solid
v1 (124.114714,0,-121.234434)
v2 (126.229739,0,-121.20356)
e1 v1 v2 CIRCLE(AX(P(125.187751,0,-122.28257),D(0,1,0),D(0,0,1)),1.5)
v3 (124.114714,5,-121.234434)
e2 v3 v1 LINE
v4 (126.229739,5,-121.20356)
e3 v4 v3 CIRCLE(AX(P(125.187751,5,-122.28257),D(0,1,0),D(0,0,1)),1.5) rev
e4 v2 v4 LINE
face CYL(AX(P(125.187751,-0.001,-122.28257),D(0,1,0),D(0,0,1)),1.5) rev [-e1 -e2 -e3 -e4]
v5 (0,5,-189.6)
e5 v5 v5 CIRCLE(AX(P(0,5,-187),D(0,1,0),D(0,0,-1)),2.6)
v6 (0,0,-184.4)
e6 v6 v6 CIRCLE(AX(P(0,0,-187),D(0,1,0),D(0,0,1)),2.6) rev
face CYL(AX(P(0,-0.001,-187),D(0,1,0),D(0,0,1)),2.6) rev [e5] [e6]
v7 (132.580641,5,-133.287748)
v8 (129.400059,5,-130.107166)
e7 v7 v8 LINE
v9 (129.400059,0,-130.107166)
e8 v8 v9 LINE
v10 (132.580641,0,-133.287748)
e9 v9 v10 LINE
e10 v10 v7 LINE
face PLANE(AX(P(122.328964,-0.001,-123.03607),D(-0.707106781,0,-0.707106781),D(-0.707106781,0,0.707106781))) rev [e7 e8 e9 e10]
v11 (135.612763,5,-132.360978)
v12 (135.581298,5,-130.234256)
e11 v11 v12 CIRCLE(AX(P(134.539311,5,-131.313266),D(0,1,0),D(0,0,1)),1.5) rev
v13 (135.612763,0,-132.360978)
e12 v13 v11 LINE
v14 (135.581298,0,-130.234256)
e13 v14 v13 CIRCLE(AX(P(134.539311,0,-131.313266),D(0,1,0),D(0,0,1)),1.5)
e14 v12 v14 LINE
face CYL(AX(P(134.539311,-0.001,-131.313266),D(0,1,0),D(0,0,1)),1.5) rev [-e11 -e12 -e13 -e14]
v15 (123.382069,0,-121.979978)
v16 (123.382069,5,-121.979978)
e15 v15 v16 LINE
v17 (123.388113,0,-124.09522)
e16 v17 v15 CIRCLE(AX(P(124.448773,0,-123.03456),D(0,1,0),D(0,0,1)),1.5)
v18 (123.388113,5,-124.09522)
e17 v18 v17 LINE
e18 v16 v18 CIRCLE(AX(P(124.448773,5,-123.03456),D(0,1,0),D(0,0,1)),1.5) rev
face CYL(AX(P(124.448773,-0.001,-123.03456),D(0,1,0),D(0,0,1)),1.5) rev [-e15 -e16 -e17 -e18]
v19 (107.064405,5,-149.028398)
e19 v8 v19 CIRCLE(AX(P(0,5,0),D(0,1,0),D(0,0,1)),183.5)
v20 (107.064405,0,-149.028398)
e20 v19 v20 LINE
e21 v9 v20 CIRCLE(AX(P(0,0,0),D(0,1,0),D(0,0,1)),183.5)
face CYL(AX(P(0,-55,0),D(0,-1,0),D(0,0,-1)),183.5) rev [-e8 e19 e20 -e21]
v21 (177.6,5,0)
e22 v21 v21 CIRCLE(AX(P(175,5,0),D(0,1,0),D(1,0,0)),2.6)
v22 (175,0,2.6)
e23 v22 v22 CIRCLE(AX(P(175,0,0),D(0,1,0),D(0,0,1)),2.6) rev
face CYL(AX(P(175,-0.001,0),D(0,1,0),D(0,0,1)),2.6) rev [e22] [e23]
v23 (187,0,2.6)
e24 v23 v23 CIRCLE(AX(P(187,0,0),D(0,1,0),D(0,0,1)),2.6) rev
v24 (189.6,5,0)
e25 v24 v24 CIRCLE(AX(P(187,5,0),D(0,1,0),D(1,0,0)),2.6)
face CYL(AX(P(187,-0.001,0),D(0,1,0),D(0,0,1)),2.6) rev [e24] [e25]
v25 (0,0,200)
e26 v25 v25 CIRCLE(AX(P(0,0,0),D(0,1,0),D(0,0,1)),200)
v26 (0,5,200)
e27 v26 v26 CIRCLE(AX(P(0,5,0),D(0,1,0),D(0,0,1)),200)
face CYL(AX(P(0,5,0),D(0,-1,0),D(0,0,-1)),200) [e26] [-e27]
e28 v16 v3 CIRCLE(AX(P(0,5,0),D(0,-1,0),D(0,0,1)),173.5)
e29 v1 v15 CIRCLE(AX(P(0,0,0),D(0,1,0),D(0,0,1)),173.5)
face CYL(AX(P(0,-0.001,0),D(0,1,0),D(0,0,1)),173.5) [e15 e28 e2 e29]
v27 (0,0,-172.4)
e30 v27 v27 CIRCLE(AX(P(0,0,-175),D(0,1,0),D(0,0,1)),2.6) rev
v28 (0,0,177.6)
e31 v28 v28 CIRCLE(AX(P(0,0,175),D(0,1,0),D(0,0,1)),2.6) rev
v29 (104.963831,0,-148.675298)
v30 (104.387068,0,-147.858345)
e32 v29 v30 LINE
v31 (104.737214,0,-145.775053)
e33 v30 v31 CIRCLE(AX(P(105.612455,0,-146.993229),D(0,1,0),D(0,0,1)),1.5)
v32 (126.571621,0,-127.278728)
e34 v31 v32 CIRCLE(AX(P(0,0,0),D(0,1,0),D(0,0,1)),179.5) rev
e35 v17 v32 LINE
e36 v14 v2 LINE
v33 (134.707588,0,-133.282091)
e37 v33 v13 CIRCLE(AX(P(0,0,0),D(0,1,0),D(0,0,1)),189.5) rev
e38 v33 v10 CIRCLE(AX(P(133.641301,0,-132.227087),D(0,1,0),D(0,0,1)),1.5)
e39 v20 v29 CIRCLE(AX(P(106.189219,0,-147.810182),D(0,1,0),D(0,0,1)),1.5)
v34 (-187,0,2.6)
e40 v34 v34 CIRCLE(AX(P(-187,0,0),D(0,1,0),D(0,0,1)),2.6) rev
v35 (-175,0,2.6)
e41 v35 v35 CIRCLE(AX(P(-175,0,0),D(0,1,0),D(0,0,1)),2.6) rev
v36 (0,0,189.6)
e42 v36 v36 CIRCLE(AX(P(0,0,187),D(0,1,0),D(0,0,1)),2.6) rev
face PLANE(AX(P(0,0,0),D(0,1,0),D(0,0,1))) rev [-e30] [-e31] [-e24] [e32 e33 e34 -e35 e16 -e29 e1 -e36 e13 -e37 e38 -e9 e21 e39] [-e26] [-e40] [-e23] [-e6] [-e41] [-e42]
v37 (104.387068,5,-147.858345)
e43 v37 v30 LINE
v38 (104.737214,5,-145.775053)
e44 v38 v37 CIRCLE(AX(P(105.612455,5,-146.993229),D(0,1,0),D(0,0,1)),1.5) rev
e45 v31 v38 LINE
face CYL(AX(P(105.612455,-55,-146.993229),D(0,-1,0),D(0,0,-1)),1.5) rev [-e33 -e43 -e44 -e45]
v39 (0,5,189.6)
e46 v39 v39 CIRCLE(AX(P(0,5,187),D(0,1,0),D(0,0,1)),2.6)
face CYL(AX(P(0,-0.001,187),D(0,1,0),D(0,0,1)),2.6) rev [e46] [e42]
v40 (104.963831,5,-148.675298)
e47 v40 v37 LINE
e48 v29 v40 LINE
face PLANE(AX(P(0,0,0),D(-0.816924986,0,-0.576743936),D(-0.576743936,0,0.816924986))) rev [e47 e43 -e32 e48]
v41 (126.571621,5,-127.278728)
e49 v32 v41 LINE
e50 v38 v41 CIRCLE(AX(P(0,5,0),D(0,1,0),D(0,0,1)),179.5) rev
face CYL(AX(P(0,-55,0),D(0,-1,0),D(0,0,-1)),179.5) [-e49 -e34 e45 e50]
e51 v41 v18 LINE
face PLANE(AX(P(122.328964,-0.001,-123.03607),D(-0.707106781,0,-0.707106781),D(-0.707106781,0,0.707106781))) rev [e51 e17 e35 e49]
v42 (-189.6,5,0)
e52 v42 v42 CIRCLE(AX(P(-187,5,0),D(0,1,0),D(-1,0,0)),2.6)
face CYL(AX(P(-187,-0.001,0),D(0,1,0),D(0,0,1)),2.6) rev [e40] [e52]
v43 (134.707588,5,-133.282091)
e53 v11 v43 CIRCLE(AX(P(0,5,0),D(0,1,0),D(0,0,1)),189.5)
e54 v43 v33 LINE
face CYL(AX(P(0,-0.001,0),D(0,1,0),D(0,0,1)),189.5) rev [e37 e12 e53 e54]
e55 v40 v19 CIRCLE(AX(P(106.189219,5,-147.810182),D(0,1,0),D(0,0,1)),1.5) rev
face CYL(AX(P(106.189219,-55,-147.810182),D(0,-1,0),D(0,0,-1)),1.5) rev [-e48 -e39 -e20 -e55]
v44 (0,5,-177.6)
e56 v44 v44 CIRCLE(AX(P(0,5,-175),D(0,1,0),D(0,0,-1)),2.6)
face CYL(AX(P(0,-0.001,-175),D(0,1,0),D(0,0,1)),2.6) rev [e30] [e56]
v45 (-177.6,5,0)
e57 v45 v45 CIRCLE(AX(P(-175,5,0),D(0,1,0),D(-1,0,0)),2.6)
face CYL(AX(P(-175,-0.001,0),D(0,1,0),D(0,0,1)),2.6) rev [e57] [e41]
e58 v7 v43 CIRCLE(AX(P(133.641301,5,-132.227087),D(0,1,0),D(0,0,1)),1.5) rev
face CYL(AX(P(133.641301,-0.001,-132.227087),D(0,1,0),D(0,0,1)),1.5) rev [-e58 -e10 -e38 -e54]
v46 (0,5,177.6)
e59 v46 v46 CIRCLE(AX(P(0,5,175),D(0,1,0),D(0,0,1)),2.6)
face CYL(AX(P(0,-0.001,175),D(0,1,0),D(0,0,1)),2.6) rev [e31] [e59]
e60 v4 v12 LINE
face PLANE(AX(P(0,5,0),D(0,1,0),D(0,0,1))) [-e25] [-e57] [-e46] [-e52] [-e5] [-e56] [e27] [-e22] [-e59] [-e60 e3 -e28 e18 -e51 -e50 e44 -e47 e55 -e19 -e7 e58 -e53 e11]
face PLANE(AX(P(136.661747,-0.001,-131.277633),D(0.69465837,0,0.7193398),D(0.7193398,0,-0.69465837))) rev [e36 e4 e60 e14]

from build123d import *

# Parameters (mm, degrees)
SKETCH_1_R                    = 200
EXTRUDE_251_DEPTH             = 5
CUT_EXTRUDE_3_REACH           = 284.887
SKETCH_2_R                    = 2.6
PATTERN_CIRCULAR_1_COUNT      = 4
SKETCH_4_W                    = 4
SKETCH_4_H                    = 11.5
CUT_REVOLVE_3_ANGLE           = 9.5
CUT_REVOLVE_3_OTHER_WAY_ANGLE = 0.5
FILLET_2_R                    = 1.5
CUT_EXTRUDE_1690_REACH        = 284.887
FILLET_1_R                    = 1.5


with BuildPart() as part:
    # 草图1 → Extrude 251 (new body)
    with BuildSketch(Plane(origin=(0, 0, 0), x_dir=(1, 0, 0), z_dir=(0, 1, 0))):
        Circle(SKETCH_1_R)
    extrude(amount=EXTRUDE_251_DEPTH)

    # 草图2 → 切除-拉伸3 (cut, up to next)
    with BuildSketch(Plane(origin=(0, 5, 0), x_dir=(1, 0, 0), z_dir=(0, 1, 0)), mode=Mode.PRIVATE) as cut_extrude_3_sk1:
        with Locations((0, -175)):
            Circle(SKETCH_2_R)
    cut_extrude_3_tool1 = extrude(cut_extrude_3_sk1.sketch, amount=-CUT_EXTRUDE_3_REACH, mode=Mode.PRIVATE) & part.part
    # 草图2 → 切除-拉伸3 (cut, up to next)
    with BuildSketch(Plane(origin=(0, 5, 0), x_dir=(1, 0, 0), z_dir=(0, 1, 0)), mode=Mode.PRIVATE) as cut_extrude_3_sk2:
        with Locations((0, -187)):
            Circle(SKETCH_2_R)
    cut_extrude_3_tool2 = extrude(cut_extrude_3_sk2.sketch, amount=-CUT_EXTRUDE_3_REACH, mode=Mode.PRIVATE) & part.part
    cut_extrude_3_1 = cut_extrude_3_tool1.solids().sort_by_distance((0, 5, 175))[0]
    add(cut_extrude_3_1, mode=Mode.SUBTRACT)
    cut_extrude_3_2 = cut_extrude_3_tool2.solids().sort_by_distance((0, 5, 187))[0]
    add(cut_extrude_3_2, mode=Mode.SUBTRACT)
    cut_extrude_3 = cut_extrude_3_1 + cut_extrude_3_2  # 切除-拉伸3 as one shape, for the pattern or mirror that repeats it

    # 阵列(圆周)1: 切除-拉伸3 ×4 about axis
    pattern_circular_1_axis = Axis((0, -55, 0), (0, 1, 0))
    for i in range(1, PATTERN_CIRCULAR_1_COUNT):
        add(cut_extrude_3.rotate(pattern_circular_1_axis, i * 360 / PATTERN_CIRCULAR_1_COUNT), mode=Mode.SUBTRACT)

    # 草图4 → 切除-旋转3 (revolve, cut)
    with BuildSketch(Plane(origin=(0, 0, 0), x_dir=(0.7036657529829018, 0, -0.710531145045033), z_dir=(0.710531145045033, 0, 0.7036657529829018))):
        with Locations((181.5, 5.25)):
            Rectangle(SKETCH_4_W, SKETCH_4_H)
    revolve(axis=Axis((0, -55, 0), (0, 1, 0)), revolution_arc=CUT_REVOLVE_3_ANGLE, mode=Mode.SUBTRACT)

    # 草图4 → 切除-旋转3 other way (revolve, cut)
    with BuildSketch(Plane(origin=(0, 0, 0), x_dir=(0.7036657529829018, 0, -0.710531145045033), z_dir=(0.710531145045033, 0, 0.7036657529829018))):
        with Locations((181.5, 5.25)):
            Rectangle(SKETCH_4_W, SKETCH_4_H)
    revolve(axis=Axis((0, -55, 0), (0, -1, 0)), revolution_arc=CUT_REVOLVE_3_OTHER_WAY_ANGLE, mode=Mode.SUBTRACT)

    # 圆角2
    fillet_2_edges = [part.edges().sort_by_distance(p)[0] for p in [
        (103.525536527, 2.5, -146.638034926),
        (105.832512271, 2.5, -149.905734868),
    ]]
    fillet(fillet_2_edges, radius=FILLET_2_R)

    # 草图6 → Cut-Extrude 1690 (cut, up to next)
    with BuildSketch(Plane(origin=(0, 5, 0), x_dir=(1, 0, 0), z_dir=(0, 1, 0)), mode=Mode.PRIVATE) as cut_extrude_1690_sk1:
        with BuildLine():
            Line((122.328963701, 123.036070482), (133.642715214, 134.349821995))
            ThreePointArc((133.642715214, 134.349821995), (135.160960115, 132.822305585), (136.66174685, 131.277633083))
            Line((136.66174685, 131.277633083), (125.152266287, 120.163056899))
            ThreePointArc((125.152266287, 120.163056899), (123.748952928, 121.607757356), (122.328963701, 123.036070482))
        make_face()
    cut_extrude_1690_tool1 = extrude(cut_extrude_1690_sk1.sketch, amount=-CUT_EXTRUDE_1690_REACH, mode=Mode.PRIVATE) & part.part
    add(cut_extrude_1690_tool1.solids().sort_by_distance((129.515831, 5, -127.274853))[0], mode=Mode.SUBTRACT)

    # 圆角1
    fillet_1_edges = [part.edges().sort_by_distance(p)[0] for p in [
        (125.152266287, 2.5, -120.163056899),
        (136.66174685, 2.5, -131.277633083),
        (133.642715214, 2.5, -134.349821995),
        (122.328963701, 2.5, -123.036070482),
    ]]
    fillet(fillet_1_edges, radius=FILLET_1_R)


solid = part.part
